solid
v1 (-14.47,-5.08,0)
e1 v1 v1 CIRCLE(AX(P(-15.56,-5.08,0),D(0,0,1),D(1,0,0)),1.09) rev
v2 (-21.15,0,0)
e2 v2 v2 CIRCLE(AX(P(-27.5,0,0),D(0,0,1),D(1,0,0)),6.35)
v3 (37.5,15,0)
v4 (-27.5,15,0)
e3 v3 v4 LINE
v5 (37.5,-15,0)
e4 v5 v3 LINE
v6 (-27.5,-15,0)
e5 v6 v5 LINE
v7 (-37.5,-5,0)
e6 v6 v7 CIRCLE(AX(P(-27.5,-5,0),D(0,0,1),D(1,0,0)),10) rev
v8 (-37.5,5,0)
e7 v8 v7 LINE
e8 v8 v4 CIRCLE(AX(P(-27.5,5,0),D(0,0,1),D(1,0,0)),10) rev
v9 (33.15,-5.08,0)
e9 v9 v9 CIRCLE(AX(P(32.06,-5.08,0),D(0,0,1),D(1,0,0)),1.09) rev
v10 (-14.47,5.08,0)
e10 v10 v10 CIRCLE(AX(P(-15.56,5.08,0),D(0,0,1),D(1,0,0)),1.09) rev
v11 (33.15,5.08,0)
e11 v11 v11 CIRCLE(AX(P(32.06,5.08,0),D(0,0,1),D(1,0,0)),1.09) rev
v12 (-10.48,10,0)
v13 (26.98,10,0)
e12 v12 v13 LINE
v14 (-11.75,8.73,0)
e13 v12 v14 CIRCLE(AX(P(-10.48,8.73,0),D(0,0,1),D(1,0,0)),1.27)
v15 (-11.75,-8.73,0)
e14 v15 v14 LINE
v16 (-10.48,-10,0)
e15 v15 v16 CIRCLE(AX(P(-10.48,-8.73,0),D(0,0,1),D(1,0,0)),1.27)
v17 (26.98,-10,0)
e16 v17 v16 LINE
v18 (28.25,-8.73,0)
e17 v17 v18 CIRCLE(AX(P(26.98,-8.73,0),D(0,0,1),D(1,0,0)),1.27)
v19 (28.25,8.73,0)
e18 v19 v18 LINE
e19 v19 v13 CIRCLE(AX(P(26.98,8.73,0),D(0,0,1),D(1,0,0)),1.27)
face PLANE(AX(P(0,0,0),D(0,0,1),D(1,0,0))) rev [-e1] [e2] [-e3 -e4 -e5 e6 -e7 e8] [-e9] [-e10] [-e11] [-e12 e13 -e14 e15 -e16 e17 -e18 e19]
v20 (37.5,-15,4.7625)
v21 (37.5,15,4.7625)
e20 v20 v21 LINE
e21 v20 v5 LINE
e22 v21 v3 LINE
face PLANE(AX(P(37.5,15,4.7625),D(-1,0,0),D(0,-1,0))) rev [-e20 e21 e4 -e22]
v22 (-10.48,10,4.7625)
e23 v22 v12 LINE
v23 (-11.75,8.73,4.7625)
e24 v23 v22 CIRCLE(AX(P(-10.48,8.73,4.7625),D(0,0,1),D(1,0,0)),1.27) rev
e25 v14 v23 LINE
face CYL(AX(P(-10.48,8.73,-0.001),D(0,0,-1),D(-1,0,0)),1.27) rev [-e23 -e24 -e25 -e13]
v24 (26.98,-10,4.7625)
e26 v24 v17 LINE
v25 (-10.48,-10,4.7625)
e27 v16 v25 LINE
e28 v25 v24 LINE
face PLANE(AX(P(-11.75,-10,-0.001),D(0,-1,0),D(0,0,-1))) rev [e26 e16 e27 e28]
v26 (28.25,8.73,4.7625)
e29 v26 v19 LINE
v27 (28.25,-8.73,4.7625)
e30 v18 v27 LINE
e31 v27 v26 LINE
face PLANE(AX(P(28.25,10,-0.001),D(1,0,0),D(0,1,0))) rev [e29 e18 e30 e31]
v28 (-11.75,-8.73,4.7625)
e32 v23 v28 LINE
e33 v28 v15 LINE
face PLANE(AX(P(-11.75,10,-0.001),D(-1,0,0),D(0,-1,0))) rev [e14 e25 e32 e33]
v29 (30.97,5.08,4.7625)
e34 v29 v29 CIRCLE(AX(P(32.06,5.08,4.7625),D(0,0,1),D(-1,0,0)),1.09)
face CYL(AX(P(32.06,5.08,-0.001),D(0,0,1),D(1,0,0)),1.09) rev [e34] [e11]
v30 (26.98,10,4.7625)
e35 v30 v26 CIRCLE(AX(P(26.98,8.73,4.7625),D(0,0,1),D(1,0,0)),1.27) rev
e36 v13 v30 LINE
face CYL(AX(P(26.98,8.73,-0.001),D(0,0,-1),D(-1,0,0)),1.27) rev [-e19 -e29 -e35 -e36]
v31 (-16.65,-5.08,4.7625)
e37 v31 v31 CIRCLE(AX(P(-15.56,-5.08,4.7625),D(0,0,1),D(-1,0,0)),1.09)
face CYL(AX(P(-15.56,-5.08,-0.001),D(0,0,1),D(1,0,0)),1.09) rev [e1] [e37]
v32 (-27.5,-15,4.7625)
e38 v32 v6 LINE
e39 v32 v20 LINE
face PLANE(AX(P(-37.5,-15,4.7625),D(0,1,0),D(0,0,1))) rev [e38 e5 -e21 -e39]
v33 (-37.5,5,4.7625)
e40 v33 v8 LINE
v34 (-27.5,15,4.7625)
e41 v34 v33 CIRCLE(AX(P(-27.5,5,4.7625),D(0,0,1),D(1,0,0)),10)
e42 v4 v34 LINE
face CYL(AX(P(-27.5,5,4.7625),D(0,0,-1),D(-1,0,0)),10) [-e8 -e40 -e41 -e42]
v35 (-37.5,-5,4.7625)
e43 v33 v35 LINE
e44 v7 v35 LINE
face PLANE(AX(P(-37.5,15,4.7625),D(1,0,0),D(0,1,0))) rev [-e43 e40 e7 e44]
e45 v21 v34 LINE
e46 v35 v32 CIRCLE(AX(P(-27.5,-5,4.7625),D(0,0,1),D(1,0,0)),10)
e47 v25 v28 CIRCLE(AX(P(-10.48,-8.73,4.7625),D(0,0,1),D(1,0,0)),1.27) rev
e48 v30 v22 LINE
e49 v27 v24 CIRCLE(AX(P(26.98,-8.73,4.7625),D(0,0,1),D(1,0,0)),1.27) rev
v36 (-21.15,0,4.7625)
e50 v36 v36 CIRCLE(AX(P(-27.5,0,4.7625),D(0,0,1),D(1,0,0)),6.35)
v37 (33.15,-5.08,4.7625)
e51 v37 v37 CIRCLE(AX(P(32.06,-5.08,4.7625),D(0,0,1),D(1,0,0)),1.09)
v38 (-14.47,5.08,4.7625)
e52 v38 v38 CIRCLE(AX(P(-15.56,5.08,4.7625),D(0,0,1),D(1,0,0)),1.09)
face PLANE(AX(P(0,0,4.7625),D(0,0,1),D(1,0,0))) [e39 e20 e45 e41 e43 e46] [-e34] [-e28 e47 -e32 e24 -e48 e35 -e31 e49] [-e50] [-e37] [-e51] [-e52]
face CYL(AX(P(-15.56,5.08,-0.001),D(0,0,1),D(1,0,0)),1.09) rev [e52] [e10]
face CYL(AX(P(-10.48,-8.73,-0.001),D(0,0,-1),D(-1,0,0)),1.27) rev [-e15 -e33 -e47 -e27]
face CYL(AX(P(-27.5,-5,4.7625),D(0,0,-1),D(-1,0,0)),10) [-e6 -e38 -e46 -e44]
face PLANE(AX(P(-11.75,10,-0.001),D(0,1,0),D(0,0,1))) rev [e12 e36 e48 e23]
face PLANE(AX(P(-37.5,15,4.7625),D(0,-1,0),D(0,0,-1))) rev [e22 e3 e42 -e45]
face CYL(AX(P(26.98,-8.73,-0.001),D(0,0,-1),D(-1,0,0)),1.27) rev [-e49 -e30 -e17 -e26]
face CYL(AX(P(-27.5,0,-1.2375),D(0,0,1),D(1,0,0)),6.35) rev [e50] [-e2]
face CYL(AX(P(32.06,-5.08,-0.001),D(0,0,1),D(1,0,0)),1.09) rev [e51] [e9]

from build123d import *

# Parameters (mm, degrees)
ESQUISSE1_W             = 75
ESQUISSE1_H             = 30
BOSS_EXTRU_1_DEPTH      = 4.7625
CONG_1_R                = 10
ESQUISSE2_R             = 6.35
ENL_V_MAT_EXTRU_1_DEPTH = 6
ENL_V_MAT_EXTRU_2_REACH = 42.669
ESQUISSE3_W             = 40
ESQUISSE3_H             = 20
CONG_2_R                = 1.27
ENL_V_MAT_EXTRU_3_REACH = 42.669
ESQUISSE4_R             = 1.09


with BuildPart() as part:
    # Esquisse1 → Boss.-Extru.1 (new body)
    with BuildSketch(Plane.XY):
        Rectangle(ESQUISSE1_W, ESQUISSE1_H)
    extrude(amount=BOSS_EXTRU_1_DEPTH)

    # Congé1
    cong_1_edges = [part.edges().sort_by_distance(p)[0] for p in [
        (-37.5, -15, 2.38125),
        (-37.5, 15, 2.38125),
    ]]
    fillet(cong_1_edges, radius=CONG_1_R)

    # Esquisse2 → Enlèv. mat.-Extru.1 (cut)
    with BuildSketch(Plane.XY.offset(4.7625)):
        with Locations((-27.5, 0)):
            Circle(ESQUISSE2_R)
    extrude(amount=-ENL_V_MAT_EXTRU_1_DEPTH, mode=Mode.SUBTRACT)

    # Esquisse3 → Enlèv. mat.-Extru.2 (cut, up to next)
    with BuildSketch(Plane.XY.offset(4.7625), mode=Mode.PRIVATE) as enl_v_mat_extru_2_sk1:
        with Locations((8.25, 0)):
            Rectangle(ESQUISSE3_W, ESQUISSE3_H)
    enl_v_mat_extru_2_tool1 = extrude(enl_v_mat_extru_2_sk1.sketch, amount=-ENL_V_MAT_EXTRU_2_REACH, mode=Mode.PRIVATE) & part.part
    add(enl_v_mat_extru_2_tool1.solids().sort_by_distance((8.25, 0, 4.7625))[0], mode=Mode.SUBTRACT)

    # Congé2
    cong_2_edges = [part.edges().sort_by_distance(p)[0] for p in [
        (-11.75, -10, 2.38125),
        (-11.75, 10, 2.38125),
        (28.25, 10, 2.38125),
        (28.25, -10, 2.38125),
    ]]
    fillet(cong_2_edges, radius=CONG_2_R)

    # Esquisse4 → Enlèv. mat.-Extru.3 (cut, up to next)
    with BuildSketch(Plane.XY.offset(4.7625), mode=Mode.PRIVATE) as enl_v_mat_extru_3_sk1:
        with Locations((-15.56, 5.08)):
            Circle(ESQUISSE4_R)
    enl_v_mat_extru_3_tool1 = extrude(enl_v_mat_extru_3_sk1.sketch, amount=-ENL_V_MAT_EXTRU_3_REACH, mode=Mode.PRIVATE) & part.part
    # Esquisse4 → Enlèv. mat.-Extru.3 (cut, up to next)
    with BuildSketch(Plane.XY.offset(4.7625), mode=Mode.PRIVATE) as enl_v_mat_extru_3_sk2:
        with Locations((-15.56, -5.08)):
            Circle(ESQUISSE4_R)
    enl_v_mat_extru_3_tool2 = extrude(enl_v_mat_extru_3_sk2.sketch, amount=-ENL_V_MAT_EXTRU_3_REACH, mode=Mode.PRIVATE) & part.part
    # Esquisse4 → Enlèv. mat.-Extru.3 (cut, up to next)
    with BuildSketch(Plane.XY.offset(4.7625), mode=Mode.PRIVATE) as enl_v_mat_extru_3_sk3:
        with Locations((32.06, -5.08)):
            Circle(ESQUISSE4_R)
    enl_v_mat_extru_3_tool3 = extrude(enl_v_mat_extru_3_sk3.sketch, amount=-ENL_V_MAT_EXTRU_3_REACH, mode=Mode.PRIVATE) & part.part
    # Esquisse4 → Enlèv. mat.-Extru.3 (cut, up to next)
    with BuildSketch(Plane.XY.offset(4.7625), mode=Mode.PRIVATE) as enl_v_mat_extru_3_sk4:
        with Locations((32.06, 5.08)):
            Circle(ESQUISSE4_R)
    enl_v_mat_extru_3_tool4 = extrude(enl_v_mat_extru_3_sk4.sketch, amount=-ENL_V_MAT_EXTRU_3_REACH, mode=Mode.PRIVATE) & part.part
    add(enl_v_mat_extru_3_tool1.solids().sort_by_distance((-15.56, 5.08, 4.7625))[0], mode=Mode.SUBTRACT)
    add(enl_v_mat_extru_3_tool2.solids().sort_by_distance((-15.56, -5.08, 4.7625))[0], mode=Mode.SUBTRACT)
    add(enl_v_mat_extru_3_tool3.solids().sort_by_distance((32.06, -5.08, 4.7625))[0], mode=Mode.SUBTRACT)
    add(enl_v_mat_extru_3_tool4.solids().sort_by_distance((32.06, 5.08, 4.7625))[0], mode=Mode.SUBTRACT)


solid = part.part
